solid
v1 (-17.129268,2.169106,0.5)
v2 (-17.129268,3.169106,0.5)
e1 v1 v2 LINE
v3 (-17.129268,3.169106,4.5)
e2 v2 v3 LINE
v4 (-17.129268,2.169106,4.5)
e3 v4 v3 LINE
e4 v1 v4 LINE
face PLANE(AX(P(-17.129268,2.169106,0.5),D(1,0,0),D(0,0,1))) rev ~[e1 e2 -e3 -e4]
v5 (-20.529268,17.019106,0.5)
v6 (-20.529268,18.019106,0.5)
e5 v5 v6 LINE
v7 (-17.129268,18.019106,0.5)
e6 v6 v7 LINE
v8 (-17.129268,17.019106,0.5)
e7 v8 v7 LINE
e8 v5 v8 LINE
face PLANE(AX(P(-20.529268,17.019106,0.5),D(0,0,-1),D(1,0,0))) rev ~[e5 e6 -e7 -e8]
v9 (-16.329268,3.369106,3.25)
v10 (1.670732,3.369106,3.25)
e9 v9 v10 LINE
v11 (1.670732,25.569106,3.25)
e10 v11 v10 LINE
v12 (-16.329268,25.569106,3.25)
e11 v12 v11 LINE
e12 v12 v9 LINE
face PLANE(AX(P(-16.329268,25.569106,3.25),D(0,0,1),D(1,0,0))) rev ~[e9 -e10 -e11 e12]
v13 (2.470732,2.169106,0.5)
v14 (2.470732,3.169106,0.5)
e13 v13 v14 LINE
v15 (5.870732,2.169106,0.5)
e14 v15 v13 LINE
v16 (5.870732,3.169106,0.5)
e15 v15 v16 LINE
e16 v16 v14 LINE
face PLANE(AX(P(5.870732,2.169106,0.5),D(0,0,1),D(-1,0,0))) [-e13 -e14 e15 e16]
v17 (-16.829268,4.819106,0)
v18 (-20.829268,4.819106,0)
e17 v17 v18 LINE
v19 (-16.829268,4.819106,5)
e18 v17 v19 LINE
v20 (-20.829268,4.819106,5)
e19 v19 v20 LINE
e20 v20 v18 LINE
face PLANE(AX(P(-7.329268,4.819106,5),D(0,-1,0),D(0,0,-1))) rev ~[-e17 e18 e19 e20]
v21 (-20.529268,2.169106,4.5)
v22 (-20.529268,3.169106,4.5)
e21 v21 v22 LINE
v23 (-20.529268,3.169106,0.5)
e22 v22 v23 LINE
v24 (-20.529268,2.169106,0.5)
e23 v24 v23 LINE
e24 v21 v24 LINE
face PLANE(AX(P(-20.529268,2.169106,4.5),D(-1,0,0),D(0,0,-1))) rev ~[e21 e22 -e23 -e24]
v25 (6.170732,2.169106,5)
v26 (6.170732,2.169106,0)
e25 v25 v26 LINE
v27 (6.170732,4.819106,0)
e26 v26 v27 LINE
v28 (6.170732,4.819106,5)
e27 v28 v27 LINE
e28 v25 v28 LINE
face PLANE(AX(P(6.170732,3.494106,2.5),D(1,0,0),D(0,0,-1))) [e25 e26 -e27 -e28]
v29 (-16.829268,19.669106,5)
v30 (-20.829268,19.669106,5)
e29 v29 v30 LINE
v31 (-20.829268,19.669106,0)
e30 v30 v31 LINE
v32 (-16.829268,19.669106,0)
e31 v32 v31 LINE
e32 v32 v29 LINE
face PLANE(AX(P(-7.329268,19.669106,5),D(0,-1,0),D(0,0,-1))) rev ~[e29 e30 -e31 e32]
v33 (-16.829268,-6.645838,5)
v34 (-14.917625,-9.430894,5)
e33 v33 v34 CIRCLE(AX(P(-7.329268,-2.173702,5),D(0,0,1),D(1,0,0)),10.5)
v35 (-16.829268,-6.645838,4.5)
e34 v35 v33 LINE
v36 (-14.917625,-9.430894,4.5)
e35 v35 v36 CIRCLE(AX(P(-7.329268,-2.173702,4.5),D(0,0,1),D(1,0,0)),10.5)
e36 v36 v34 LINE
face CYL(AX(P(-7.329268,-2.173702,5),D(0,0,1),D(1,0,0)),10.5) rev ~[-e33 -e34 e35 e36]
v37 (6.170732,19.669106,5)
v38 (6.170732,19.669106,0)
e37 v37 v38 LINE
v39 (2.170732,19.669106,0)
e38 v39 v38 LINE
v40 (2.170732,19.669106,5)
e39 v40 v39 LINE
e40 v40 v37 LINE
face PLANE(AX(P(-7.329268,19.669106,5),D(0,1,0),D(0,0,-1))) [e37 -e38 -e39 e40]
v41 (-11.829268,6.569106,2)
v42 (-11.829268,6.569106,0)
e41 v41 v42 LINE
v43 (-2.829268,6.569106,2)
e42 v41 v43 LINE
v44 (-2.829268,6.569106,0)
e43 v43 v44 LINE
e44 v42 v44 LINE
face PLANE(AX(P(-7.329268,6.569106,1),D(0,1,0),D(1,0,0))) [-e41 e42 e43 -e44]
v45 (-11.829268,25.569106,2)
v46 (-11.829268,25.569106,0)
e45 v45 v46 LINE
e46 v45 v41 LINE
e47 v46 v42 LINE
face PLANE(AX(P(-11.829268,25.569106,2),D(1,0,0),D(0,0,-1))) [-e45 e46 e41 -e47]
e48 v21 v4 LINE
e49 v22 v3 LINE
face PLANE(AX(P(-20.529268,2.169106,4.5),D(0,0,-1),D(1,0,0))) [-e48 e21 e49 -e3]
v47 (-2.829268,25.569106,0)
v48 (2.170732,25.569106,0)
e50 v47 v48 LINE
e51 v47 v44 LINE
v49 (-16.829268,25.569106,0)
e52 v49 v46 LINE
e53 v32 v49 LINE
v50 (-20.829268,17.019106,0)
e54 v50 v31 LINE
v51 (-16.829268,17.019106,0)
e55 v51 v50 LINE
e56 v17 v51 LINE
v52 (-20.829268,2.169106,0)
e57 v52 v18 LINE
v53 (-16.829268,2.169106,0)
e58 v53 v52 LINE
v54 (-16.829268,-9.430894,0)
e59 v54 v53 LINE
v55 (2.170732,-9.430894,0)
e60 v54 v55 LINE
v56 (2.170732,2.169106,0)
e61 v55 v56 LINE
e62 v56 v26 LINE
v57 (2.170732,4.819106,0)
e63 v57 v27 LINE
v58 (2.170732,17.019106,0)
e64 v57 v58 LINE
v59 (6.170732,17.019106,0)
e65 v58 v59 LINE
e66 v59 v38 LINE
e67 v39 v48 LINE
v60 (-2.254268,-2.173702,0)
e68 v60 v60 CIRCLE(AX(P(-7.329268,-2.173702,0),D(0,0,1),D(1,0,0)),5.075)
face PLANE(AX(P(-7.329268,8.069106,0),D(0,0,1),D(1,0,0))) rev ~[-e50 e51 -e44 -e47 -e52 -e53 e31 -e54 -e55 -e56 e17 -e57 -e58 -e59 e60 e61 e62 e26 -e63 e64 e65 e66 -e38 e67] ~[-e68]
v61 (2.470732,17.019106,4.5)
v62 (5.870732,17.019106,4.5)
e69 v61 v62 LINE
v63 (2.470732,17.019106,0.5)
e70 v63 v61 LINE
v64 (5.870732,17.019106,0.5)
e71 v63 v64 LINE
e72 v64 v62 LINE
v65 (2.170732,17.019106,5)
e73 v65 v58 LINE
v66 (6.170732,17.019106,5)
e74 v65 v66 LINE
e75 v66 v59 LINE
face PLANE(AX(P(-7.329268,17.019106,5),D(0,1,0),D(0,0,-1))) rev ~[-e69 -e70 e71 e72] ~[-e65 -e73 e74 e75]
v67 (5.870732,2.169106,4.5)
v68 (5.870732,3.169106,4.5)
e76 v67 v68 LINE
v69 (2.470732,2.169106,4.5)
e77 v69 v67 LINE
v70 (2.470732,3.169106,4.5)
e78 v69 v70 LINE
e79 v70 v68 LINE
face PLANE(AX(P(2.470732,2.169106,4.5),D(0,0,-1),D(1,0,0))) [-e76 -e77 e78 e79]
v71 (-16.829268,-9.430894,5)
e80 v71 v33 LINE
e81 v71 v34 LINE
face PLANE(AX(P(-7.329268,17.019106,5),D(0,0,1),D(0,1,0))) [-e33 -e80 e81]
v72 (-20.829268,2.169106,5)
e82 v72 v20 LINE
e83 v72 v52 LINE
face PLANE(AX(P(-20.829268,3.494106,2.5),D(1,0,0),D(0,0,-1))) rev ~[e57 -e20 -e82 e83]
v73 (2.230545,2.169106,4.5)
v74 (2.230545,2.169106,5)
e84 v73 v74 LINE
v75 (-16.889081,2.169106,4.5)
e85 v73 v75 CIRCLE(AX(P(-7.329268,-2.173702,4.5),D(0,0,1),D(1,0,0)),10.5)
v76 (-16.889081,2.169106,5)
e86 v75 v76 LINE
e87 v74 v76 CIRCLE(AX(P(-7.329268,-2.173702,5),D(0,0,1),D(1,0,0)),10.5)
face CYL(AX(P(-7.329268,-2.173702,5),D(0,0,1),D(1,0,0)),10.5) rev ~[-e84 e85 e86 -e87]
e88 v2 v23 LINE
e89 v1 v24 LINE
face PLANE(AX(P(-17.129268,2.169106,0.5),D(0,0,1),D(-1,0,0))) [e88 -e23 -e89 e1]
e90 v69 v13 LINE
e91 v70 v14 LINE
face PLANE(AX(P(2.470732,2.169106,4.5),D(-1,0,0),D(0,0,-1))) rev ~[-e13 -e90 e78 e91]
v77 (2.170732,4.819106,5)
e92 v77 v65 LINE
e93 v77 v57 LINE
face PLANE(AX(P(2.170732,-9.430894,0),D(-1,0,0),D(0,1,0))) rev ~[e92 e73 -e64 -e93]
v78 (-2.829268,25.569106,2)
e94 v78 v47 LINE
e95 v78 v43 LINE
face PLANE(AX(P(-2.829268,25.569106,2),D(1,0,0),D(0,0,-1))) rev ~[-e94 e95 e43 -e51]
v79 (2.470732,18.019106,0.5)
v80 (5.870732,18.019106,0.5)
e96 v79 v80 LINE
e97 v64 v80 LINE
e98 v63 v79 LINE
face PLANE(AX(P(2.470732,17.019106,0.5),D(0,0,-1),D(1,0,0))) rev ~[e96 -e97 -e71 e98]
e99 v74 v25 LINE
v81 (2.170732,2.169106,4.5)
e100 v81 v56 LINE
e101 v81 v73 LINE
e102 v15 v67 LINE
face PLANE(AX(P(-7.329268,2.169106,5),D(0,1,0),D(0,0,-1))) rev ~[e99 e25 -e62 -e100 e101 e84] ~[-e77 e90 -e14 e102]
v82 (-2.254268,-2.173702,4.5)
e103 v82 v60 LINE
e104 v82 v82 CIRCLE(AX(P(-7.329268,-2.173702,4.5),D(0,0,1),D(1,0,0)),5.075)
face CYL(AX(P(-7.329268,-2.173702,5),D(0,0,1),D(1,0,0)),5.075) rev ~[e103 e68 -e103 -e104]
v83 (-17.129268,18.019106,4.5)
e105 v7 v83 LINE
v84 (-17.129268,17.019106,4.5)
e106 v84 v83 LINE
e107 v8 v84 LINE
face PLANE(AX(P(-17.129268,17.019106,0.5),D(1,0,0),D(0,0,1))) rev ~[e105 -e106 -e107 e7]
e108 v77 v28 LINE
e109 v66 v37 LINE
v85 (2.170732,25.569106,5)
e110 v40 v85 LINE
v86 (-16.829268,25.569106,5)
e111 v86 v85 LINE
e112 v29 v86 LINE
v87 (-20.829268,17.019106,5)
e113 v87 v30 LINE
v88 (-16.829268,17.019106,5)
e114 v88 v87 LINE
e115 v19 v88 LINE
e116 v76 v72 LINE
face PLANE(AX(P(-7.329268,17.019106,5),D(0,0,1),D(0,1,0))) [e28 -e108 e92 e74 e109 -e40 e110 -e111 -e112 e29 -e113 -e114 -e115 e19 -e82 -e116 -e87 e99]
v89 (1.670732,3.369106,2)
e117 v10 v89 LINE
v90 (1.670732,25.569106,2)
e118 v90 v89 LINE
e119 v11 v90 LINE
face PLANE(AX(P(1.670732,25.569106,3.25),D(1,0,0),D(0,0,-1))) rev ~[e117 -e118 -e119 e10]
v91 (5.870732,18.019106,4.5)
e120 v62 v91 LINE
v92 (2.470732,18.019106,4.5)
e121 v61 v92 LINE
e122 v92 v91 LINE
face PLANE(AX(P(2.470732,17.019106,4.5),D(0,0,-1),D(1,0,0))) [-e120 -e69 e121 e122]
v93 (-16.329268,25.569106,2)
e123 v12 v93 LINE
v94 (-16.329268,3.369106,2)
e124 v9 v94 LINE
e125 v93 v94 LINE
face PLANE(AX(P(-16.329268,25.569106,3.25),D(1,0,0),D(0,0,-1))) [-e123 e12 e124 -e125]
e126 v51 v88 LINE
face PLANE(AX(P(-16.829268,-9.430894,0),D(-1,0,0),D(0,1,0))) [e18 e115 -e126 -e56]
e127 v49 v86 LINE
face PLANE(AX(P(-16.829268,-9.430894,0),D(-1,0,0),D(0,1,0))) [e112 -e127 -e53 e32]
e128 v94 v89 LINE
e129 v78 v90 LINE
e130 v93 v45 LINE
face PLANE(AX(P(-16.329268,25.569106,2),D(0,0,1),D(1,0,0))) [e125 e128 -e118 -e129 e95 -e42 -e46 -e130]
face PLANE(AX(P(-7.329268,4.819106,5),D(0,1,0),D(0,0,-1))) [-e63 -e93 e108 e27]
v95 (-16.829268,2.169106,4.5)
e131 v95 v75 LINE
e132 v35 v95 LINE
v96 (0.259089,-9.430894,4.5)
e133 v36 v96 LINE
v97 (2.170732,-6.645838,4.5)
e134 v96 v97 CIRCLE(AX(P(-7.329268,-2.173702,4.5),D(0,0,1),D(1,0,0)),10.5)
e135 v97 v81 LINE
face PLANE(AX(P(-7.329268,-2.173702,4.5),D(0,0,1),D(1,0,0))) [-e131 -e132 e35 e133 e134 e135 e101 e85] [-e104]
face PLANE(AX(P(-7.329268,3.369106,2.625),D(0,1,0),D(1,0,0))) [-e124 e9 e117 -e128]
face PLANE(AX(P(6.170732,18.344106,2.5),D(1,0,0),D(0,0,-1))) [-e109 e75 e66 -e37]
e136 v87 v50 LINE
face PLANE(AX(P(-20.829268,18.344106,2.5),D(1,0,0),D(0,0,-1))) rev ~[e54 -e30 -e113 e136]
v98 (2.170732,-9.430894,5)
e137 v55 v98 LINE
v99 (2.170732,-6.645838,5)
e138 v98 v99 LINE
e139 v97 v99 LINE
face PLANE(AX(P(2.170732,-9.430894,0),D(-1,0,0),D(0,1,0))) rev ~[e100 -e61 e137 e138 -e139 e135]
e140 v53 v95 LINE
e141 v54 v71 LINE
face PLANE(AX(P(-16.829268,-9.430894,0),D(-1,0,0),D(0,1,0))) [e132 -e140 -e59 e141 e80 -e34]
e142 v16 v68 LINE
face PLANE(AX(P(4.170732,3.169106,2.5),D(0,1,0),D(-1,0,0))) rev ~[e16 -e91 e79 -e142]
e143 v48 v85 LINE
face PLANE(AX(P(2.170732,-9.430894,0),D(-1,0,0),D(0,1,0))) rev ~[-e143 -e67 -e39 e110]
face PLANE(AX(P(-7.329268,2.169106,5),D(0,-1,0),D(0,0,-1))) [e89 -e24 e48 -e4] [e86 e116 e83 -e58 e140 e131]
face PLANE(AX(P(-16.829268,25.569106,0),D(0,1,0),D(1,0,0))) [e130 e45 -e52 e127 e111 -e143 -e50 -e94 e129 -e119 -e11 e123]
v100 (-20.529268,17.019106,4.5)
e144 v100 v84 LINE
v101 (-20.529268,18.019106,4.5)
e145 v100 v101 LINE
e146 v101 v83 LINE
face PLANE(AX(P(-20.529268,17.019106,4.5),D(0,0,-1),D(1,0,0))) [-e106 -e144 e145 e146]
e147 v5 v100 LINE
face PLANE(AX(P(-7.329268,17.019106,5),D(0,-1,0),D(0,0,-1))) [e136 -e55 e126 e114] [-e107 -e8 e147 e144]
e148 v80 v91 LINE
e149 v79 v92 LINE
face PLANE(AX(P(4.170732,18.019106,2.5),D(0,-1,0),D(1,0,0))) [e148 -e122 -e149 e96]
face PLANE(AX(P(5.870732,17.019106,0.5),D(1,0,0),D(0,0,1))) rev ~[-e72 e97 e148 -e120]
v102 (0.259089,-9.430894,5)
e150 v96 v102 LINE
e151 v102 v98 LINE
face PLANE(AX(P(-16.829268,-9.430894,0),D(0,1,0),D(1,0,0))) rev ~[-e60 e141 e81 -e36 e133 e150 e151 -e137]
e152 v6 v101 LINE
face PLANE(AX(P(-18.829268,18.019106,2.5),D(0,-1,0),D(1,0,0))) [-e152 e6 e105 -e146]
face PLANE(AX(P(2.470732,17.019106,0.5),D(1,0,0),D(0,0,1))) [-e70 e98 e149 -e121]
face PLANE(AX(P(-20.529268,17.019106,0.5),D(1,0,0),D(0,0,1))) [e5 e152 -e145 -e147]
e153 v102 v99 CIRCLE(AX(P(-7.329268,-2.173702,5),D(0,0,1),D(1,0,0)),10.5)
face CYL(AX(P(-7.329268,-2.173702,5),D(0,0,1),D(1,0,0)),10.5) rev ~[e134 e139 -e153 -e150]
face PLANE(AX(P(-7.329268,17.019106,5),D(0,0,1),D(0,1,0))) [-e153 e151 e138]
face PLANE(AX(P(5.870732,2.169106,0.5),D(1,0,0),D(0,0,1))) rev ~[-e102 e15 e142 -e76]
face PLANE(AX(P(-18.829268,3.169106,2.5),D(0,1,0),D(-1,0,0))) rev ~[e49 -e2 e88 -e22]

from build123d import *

# Parameters (mm, degrees)
SKETCH2_W           = 19
SKETCH2_H           = 35
BOSS_EXTRUDE1_DEPTH = 5
SKETCH3_W           = 5
SKETCH3_H           = 2.65
BOSS_EXTRUDE2_DEPTH = 13.5
SKETCH3_2_W         = 5
SKETCH3_2_H         = 2.65
BOSS_EXTRUDE3_DEPTH = 13.5
SKETCH4_R           = 5.075
CUT_EXTRUDE1_DEPTH  = 34.35622256
SKETCH5_R           = 10.5
CUT_EXTRUDE2_DEPTH  = 0.5
SKETCH7_W           = 18
SKETCH7_H           = 1.25
CUT_EXTRUDE3_DEPTH  = 22.2
SKETCH8_W           = 9
SKETCH8_H           = 2
CUT_EXTRUDE4_DEPTH  = 19
SKETCH9_W           = 3.4
SKETCH9_H           = 4
CUT_EXTRUDE5_DEPTH  = 1
SKETCH10_W          = 3.4
SKETCH10_H          = 4
CUT_EXTRUDE6_DEPTH  = 1


with BuildPart() as part:
    # Sketch2 → Boss-Extrude1 (new body)
    with BuildSketch(Plane.XY):
        with Locations((-7.329268293, 8.069105691)):
            Rectangle(SKETCH2_W, SKETCH2_H)
    extrude(amount=BOSS_EXTRUDE1_DEPTH)

    # Sketch3 → Boss-Extrude2 (add)
    with BuildSketch(Plane(origin=(-7.329268293, 0, 0), x_dir=(0, 0, -1), z_dir=(1, 0, 0))):
        with Locations((-2.5, 18.344105691)):
            Rectangle(SKETCH3_W, SKETCH3_H)
        with Locations((-2.5, 3.494105691)):
            Rectangle(SKETCH3_W, SKETCH3_H)
    extrude(amount=BOSS_EXTRUDE2_DEPTH)

    # Sketch3<2> → Boss-Extrude3 (add)
    with BuildSketch(Plane(origin=(-7.329268293, 0, 0), x_dir=(0, 0, -1), z_dir=(1, 0, 0))):
        with Locations((-2.5, 18.344105691)):
            Rectangle(SKETCH3_2_W, SKETCH3_2_H)
        with Locations((-2.5, 3.494105691)):
            Rectangle(SKETCH3_2_W, SKETCH3_2_H)
    extrude(amount=-BOSS_EXTRUDE3_DEPTH)

    # Sketch4 → Cut-Extrude1 (cut, through all)
    with BuildSketch(Plane.XY.offset(5)):
        with Locations((-7.329268293, -2.173702028)):
            Circle(SKETCH4_R)
    extrude(amount=-CUT_EXTRUDE1_DEPTH, mode=Mode.SUBTRACT)

    # Sketch5 → Cut-Extrude2 (cut)
    with BuildSketch(Plane.XY.offset(5)):
        with Locations((-7.329268293, -2.173702028)):
            Circle(SKETCH5_R)
    extrude(amount=-CUT_EXTRUDE2_DEPTH, mode=Mode.SUBTRACT)

    # Sketch7 → Cut-Extrude3 (cut)
    with BuildSketch(Plane(origin=(0, 25.569105691, 0), x_dir=(1, 0, 0), z_dir=(0, 1, 0))):
        with Locations((-7.329268293, -2.625)):
            Rectangle(SKETCH7_W, SKETCH7_H)
    extrude(amount=-CUT_EXTRUDE3_DEPTH, mode=Mode.SUBTRACT)

    # Sketch8 → Cut-Extrude4 (cut)
    with BuildSketch(Plane(origin=(0, 25.569105691, 0), x_dir=(1, 0, 0), z_dir=(0, 1, 0))):
        with Locations((-7.329268293, -1)):
            Rectangle(SKETCH8_W, SKETCH8_H)
    extrude(amount=-CUT_EXTRUDE4_DEPTH, mode=Mode.SUBTRACT)

    # Sketch9 → Cut-Extrude5 (cut)
    with BuildSketch(Plane.XZ.offset(-2.169105691)):
        with Locations((-18.829268293, 2.5)):
            Rectangle(SKETCH9_W, SKETCH9_H)
        with Locations((4.170731707, 2.5)):
            Rectangle(SKETCH9_W, SKETCH9_H)
    extrude(amount=-CUT_EXTRUDE5_DEPTH, mode=Mode.SUBTRACT)

    # Sketch10 → Cut-Extrude6 (cut)
    with BuildSketch(Plane.XZ.offset(-17.019105691)):
        with Locations((-18.829268293, 2.5)):
            Rectangle(SKETCH10_W, SKETCH10_H)
        with Locations((4.170731707, 2.5)):
            Rectangle(SKETCH10_W, SKETCH10_H)
    extrude(amount=-CUT_EXTRUDE6_DEPTH, mode=Mode.SUBTRACT)


solid = part.part
